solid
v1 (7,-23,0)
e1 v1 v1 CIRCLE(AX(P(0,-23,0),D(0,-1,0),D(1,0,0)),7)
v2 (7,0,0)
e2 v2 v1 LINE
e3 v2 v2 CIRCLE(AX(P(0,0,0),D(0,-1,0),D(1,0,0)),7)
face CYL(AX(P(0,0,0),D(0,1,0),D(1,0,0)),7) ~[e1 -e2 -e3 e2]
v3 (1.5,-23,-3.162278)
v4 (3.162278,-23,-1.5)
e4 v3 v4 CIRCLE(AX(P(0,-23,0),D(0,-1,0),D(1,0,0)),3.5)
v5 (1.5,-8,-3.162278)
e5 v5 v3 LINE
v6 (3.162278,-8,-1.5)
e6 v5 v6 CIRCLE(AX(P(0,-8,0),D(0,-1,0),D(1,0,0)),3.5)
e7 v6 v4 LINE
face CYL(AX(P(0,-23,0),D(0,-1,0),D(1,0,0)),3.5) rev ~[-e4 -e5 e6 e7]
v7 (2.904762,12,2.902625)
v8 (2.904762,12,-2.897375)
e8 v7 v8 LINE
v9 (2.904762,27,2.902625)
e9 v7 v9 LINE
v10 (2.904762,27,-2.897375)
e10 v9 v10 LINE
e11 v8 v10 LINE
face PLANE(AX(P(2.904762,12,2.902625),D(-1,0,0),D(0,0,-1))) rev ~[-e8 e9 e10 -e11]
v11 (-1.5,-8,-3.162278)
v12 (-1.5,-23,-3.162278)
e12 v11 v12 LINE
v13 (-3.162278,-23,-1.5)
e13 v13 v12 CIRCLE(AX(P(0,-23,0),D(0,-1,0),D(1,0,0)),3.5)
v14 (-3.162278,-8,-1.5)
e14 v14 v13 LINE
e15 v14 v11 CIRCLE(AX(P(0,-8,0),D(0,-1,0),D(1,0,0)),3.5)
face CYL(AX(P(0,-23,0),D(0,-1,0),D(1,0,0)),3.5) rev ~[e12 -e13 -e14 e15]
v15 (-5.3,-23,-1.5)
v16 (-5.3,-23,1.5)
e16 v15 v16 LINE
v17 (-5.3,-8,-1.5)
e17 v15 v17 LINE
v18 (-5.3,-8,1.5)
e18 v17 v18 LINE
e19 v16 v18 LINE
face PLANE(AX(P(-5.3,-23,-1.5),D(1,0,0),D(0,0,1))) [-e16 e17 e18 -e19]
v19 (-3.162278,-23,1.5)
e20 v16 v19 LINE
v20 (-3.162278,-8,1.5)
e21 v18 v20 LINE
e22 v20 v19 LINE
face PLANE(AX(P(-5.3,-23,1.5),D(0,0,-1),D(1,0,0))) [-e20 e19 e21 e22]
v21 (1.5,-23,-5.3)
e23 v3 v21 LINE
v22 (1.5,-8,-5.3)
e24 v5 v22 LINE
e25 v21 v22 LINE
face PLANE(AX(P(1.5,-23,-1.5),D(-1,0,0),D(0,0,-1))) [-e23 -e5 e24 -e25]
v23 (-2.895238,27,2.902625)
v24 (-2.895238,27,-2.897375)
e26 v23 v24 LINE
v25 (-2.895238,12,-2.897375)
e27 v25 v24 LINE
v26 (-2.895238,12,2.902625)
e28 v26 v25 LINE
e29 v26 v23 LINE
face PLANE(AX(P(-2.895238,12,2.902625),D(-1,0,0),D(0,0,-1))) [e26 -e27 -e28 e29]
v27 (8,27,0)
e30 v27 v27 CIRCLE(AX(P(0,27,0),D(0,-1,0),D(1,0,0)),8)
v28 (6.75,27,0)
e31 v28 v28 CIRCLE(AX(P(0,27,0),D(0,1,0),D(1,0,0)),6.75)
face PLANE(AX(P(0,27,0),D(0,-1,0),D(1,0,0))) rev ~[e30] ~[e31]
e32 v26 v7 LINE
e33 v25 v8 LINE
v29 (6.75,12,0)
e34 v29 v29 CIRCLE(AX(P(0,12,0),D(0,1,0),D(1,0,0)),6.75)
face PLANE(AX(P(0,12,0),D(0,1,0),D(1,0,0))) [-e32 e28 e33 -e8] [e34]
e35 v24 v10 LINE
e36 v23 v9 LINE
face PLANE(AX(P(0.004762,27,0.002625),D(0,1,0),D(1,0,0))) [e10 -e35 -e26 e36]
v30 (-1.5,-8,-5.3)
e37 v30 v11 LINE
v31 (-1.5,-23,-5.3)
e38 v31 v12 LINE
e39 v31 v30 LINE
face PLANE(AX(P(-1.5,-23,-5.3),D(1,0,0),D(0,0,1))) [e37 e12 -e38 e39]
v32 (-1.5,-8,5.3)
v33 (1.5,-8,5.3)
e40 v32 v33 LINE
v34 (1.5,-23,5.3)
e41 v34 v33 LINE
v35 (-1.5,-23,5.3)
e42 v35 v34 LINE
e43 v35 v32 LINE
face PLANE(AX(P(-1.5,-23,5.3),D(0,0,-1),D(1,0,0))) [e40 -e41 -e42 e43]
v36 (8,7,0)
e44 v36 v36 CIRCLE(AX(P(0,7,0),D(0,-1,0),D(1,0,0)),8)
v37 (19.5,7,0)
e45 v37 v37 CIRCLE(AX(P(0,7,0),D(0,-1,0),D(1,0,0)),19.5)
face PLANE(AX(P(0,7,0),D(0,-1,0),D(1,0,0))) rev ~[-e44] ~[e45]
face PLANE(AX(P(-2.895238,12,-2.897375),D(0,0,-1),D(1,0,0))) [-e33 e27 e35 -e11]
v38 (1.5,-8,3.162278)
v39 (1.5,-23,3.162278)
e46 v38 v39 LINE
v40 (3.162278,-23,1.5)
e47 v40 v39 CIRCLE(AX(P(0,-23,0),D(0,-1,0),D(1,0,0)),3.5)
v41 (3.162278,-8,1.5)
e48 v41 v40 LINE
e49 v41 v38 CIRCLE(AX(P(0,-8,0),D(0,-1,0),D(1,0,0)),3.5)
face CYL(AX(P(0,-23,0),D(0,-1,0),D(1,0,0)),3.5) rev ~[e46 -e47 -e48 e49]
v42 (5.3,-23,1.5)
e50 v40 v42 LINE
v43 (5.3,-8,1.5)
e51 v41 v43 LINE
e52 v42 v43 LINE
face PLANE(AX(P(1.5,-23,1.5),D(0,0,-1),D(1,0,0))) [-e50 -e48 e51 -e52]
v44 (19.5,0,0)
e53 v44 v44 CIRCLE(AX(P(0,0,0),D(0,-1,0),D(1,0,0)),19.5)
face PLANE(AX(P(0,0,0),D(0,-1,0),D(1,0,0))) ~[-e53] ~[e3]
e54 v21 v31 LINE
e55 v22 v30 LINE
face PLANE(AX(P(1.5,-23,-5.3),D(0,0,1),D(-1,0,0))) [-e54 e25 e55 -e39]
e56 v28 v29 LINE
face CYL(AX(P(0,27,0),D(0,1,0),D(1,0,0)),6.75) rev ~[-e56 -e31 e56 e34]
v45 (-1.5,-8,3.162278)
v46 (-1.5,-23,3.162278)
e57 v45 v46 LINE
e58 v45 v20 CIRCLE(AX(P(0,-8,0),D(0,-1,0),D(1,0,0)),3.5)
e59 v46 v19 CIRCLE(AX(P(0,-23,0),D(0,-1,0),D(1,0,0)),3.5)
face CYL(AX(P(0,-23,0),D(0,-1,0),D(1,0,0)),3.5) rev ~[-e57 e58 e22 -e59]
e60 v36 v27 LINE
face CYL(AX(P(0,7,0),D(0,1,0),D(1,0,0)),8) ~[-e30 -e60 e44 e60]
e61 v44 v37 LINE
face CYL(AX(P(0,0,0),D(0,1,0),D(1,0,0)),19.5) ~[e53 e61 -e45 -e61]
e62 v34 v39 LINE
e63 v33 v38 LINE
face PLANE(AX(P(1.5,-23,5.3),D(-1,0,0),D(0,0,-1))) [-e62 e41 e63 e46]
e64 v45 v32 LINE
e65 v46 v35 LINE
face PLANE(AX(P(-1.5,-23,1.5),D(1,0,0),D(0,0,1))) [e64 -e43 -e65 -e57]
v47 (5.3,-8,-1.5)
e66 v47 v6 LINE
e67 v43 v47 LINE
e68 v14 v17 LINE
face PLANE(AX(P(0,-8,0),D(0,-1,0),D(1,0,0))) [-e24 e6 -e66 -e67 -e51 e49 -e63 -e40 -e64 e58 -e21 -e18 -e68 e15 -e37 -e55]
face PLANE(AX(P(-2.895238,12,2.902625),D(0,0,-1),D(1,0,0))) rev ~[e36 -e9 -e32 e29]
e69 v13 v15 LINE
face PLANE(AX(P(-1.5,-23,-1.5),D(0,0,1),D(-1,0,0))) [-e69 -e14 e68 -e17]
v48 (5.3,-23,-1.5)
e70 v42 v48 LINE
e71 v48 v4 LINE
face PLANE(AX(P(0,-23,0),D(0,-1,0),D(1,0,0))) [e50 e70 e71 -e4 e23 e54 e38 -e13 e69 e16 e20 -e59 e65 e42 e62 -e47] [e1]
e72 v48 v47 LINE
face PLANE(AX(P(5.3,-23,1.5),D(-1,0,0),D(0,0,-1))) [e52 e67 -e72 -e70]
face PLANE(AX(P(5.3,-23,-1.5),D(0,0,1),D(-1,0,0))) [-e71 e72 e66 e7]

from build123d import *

# Parameters (mm, degrees)
SKETCH3_R           = 6.75
CUT_EXTRUDE1_DEPTH  = 15
SKETCH4_W           = 5.8
SKETCH4_H           = 5.8
BOSS_EXTRUDE1_DEPTH = 15
SKETCH6_R           = 7
BOSS_EXTRUDE2_DEPTH = 23
SKETCH7_R           = 3.5
CUT_EXTRUDE2_DEPTH  = 15
CUT_EXTRUDE3_DEPTH  = 15


with BuildPart() as part:
    # Sketch2 → Revolve2 (revolve)
    with BuildSketch(Plane.XY):
        Polygon((19.5, 0), (19.5, 7), (8, 7), (8, 27), (0, 27), (0, 0), align=None)
    revolve(axis=Axis((0, 96.27972973, 0), (0, -1, 0)))

    # Sketch3 → Cut-Extrude1 (cut)
    with BuildSketch(Plane(origin=(0, 27, 0), x_dir=(1, 0, 0), z_dir=(0, 1, 0))):
        Circle(SKETCH3_R)
    extrude(amount=-CUT_EXTRUDE1_DEPTH, mode=Mode.SUBTRACT)

    # Sketch4 → Boss-Extrude1 (add)
    with BuildSketch(Plane(origin=(0, 12, 0), x_dir=(1, 0, 0), z_dir=(0, 1, 0))):
        with Locations((0.004761868, -0.002625461)):
            Rectangle(SKETCH4_W, SKETCH4_H)
    extrude(amount=BOSS_EXTRUDE1_DEPTH)

    # Sketch6 → Boss-Extrude2 (add)
    with BuildSketch(Plane.XZ):
        Circle(SKETCH6_R)
    extrude(amount=BOSS_EXTRUDE2_DEPTH)

    # Sketch7 → Cut-Extrude2 (cut)
    with BuildSketch(Plane.XZ.offset(23)):
        Circle(SKETCH7_R)
    extrude(amount=-CUT_EXTRUDE2_DEPTH, mode=Mode.SUBTRACT)

    # Sketch8 → Cut-Extrude3 (cut)
    with BuildSketch(Plane.XZ.offset(23)):
        Polygon((-5.3, 1.5), (-1.5, 1.5), (-1.5, 5.3), (1.5, 5.3), (1.5, 1.5), (5.3, 1.5), (5.3, -1.5), (1.5, -1.5), (1.5, -5.3), (-1.5, -5.3), (-1.5, -1.5), (-5.3, -1.5), align=None)
    extrude(amount=-CUT_EXTRUDE3_DEPTH, mode=Mode.SUBTRACT)


solid = part.part
